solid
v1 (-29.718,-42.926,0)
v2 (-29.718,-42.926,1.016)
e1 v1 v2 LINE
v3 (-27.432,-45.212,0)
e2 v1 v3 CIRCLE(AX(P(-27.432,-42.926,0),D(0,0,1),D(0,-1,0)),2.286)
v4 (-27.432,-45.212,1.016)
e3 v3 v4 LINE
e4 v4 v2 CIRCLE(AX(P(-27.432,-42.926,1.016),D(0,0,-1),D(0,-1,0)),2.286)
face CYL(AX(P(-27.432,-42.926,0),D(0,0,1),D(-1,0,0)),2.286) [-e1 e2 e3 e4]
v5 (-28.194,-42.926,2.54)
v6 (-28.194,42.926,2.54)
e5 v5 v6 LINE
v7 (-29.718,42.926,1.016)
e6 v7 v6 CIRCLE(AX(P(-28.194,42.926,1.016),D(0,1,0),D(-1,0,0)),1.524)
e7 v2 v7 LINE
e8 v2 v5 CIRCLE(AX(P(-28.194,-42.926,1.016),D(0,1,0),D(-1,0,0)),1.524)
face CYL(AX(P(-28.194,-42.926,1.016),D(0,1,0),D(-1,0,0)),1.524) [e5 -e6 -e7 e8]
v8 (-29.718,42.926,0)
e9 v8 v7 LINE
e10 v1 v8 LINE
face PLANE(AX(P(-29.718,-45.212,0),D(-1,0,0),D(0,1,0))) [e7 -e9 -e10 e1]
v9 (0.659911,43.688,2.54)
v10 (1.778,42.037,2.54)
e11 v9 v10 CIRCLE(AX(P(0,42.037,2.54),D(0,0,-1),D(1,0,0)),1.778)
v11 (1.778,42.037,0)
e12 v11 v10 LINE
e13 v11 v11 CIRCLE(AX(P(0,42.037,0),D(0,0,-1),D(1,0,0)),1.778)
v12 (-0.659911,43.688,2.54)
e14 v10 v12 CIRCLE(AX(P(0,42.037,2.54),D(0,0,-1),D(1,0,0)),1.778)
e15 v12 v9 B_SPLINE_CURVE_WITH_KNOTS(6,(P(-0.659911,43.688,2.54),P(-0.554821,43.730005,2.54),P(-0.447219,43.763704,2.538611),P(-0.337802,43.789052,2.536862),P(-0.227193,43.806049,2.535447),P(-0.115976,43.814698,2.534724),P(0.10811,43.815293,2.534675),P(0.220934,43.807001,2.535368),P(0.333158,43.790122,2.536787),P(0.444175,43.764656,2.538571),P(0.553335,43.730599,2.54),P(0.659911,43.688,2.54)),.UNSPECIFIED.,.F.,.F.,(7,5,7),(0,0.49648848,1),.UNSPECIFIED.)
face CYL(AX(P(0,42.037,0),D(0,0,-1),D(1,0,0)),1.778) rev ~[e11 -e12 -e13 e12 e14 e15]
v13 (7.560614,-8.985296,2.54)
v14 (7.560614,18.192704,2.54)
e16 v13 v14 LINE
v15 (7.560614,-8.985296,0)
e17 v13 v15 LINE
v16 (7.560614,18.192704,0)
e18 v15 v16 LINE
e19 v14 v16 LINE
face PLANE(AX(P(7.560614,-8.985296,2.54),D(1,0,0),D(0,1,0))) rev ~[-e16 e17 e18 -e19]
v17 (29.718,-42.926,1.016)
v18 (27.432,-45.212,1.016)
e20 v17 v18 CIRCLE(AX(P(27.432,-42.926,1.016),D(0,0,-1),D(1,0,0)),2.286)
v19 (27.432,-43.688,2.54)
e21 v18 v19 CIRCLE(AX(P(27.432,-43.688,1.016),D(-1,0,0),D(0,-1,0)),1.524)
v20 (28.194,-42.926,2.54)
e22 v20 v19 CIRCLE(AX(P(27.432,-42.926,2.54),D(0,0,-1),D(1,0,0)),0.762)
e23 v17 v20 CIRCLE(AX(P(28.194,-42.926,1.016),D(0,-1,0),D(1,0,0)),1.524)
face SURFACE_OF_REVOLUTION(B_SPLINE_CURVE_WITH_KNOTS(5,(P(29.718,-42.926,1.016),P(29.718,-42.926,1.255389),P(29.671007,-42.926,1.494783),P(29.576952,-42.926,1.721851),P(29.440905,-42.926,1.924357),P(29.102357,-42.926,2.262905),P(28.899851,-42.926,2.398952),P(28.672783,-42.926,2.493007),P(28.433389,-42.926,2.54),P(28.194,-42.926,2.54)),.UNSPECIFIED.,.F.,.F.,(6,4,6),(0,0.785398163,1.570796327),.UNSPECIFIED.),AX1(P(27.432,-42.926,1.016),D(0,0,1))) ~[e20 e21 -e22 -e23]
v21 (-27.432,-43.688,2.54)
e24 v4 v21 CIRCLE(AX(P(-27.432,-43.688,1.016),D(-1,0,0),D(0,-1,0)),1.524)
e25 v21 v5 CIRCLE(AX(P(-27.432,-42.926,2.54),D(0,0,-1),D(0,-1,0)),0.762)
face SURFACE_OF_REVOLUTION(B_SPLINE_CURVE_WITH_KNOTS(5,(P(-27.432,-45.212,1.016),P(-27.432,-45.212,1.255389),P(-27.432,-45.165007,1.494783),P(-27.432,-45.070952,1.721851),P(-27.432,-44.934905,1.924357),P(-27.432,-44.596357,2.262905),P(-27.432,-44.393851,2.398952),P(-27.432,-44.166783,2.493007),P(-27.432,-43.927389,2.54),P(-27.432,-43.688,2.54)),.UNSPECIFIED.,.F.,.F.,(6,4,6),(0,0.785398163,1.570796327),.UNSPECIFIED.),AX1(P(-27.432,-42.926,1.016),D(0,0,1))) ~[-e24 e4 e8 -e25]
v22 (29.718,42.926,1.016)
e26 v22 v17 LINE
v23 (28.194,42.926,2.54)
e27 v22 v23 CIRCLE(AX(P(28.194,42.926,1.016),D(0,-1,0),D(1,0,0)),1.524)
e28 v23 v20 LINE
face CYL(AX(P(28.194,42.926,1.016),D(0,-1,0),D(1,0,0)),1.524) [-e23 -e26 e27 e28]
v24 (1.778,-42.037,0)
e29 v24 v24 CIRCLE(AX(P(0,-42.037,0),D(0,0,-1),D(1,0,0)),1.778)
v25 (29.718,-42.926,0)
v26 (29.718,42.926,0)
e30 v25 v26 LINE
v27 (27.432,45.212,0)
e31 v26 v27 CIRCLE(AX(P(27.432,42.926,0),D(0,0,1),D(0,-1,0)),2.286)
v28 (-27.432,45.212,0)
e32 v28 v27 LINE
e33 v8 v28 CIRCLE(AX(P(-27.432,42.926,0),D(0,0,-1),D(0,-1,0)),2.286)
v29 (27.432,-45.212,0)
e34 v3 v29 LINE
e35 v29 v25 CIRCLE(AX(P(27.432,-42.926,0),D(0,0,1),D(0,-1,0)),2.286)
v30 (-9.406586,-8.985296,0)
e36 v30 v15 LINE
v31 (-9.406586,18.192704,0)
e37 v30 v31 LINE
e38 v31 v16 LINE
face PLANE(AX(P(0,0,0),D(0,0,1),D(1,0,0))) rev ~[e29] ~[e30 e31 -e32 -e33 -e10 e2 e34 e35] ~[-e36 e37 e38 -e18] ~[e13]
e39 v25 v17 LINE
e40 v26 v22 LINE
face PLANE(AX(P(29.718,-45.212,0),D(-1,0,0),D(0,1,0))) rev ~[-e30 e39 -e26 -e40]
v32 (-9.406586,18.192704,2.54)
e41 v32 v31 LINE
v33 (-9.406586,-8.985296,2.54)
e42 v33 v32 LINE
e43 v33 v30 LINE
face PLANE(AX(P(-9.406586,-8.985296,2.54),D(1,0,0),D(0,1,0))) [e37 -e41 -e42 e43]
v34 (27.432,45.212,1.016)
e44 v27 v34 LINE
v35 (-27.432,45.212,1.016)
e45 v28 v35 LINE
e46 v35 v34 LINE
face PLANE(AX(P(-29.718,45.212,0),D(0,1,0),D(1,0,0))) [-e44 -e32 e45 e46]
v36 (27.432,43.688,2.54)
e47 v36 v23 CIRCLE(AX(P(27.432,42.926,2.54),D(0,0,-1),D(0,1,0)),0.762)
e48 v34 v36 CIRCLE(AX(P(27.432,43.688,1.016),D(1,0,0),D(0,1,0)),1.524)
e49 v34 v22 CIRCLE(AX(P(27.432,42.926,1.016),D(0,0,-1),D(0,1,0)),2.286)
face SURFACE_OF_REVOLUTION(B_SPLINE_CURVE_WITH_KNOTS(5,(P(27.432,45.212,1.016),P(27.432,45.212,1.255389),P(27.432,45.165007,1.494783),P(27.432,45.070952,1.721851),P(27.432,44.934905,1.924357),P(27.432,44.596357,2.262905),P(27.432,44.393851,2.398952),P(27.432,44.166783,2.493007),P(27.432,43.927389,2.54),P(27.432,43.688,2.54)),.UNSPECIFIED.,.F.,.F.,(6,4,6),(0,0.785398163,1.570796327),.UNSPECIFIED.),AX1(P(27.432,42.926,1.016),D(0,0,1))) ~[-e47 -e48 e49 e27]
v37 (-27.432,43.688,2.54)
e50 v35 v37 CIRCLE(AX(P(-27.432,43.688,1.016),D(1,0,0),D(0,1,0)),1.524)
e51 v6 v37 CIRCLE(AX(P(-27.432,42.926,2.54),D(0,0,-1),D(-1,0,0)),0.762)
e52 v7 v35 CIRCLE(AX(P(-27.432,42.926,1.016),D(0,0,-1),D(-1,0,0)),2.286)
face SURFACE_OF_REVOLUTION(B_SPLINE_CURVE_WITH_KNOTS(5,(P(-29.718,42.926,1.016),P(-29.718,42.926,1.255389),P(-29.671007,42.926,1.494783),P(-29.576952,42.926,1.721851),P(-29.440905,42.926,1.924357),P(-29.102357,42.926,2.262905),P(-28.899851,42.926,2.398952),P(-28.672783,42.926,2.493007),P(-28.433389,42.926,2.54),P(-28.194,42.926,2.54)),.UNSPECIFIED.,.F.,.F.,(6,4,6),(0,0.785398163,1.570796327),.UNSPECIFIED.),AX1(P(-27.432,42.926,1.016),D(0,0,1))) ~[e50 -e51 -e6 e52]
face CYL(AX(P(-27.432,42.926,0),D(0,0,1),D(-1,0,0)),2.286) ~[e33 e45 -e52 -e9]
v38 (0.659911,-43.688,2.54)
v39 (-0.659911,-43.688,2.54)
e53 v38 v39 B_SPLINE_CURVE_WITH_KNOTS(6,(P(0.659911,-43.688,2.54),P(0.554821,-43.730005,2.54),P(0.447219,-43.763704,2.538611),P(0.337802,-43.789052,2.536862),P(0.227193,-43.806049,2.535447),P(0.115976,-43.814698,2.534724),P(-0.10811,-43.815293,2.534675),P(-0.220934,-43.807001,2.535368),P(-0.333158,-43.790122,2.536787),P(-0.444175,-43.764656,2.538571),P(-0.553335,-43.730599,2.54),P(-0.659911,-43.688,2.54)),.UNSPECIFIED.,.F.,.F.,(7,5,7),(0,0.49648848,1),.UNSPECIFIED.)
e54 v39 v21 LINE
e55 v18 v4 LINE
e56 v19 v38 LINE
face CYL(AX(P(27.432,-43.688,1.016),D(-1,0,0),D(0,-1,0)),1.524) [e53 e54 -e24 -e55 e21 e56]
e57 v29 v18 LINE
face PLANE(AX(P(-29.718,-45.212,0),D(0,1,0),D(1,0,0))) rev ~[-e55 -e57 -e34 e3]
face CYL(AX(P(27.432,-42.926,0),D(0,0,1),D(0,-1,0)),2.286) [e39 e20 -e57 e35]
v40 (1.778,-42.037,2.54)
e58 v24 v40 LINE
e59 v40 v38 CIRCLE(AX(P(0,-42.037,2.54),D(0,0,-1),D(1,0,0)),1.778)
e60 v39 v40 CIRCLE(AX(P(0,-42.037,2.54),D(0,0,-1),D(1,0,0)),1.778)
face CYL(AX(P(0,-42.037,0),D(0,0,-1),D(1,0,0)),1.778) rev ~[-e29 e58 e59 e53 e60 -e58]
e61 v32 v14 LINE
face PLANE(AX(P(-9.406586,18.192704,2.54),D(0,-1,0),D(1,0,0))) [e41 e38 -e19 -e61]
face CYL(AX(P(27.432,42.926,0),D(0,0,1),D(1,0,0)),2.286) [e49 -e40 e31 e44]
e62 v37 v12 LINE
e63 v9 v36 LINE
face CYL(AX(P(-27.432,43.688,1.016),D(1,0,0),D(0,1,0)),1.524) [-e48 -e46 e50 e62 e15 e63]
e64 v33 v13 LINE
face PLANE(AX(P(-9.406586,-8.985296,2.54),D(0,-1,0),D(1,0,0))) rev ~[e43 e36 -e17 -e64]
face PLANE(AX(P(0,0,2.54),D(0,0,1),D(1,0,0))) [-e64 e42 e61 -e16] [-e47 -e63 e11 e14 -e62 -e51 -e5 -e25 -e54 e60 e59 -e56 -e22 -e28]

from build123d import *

# Parameters (mm, degrees)
F0_W     = 59.436
F0_H     = 90.424
F1_DEPTH = 2.54
F2_R     = 2.286
F3_R     = 1.524
F4_R     = 1.778
F5_DEPTH = 25.4
F6_W     = 16.9672
F6_H     = 27.178
F7_DEPTH = 25.4


with BuildPart() as f1:
    # F0 (on Top) → F1 (new body)
    with BuildSketch(Plane.XY):
        Rectangle(F0_W, F0_H)
    extrude(amount=F1_DEPTH)

    # F2
    f2_edges = [f1.edges().sort_by_distance(p)[0] for p in [
        (29.718, -45.212, 1.27),
        (-29.718, -45.212, 1.27),
        (29.718, 45.212, 1.27),
        (-29.718, 45.212, 1.27),
    ]]
    fillet(f2_edges, radius=F2_R)

    # F3
    f3_edges = [f1.edges().sort_by_distance(p)[0] for p in [
        (-29.718, 0, 2.54),
    ]]
    fillet(f3_edges, radius=F3_R)

    # F4 (on face) → F5 (cut)
    with BuildSketch(Plane(origin=(0, 0, 0), x_dir=(1, 0, 0), z_dir=(0, 0, -1))):
        with Locations((0, 42.037)):
            Circle(F4_R)
        with Locations((0, -42.037)):
            Circle(F4_R)
    extrude(amount=-F5_DEPTH, mode=Mode.SUBTRACT)

    # F6 (on face) → F7 (cut)
    with BuildSketch(Plane.XY.offset(2.54)):
        with Locations((-0.922986, 4.603704)):
            Rectangle(F6_W, F6_H)
    extrude(amount=-F7_DEPTH, mode=Mode.SUBTRACT)


solid = f1.part
